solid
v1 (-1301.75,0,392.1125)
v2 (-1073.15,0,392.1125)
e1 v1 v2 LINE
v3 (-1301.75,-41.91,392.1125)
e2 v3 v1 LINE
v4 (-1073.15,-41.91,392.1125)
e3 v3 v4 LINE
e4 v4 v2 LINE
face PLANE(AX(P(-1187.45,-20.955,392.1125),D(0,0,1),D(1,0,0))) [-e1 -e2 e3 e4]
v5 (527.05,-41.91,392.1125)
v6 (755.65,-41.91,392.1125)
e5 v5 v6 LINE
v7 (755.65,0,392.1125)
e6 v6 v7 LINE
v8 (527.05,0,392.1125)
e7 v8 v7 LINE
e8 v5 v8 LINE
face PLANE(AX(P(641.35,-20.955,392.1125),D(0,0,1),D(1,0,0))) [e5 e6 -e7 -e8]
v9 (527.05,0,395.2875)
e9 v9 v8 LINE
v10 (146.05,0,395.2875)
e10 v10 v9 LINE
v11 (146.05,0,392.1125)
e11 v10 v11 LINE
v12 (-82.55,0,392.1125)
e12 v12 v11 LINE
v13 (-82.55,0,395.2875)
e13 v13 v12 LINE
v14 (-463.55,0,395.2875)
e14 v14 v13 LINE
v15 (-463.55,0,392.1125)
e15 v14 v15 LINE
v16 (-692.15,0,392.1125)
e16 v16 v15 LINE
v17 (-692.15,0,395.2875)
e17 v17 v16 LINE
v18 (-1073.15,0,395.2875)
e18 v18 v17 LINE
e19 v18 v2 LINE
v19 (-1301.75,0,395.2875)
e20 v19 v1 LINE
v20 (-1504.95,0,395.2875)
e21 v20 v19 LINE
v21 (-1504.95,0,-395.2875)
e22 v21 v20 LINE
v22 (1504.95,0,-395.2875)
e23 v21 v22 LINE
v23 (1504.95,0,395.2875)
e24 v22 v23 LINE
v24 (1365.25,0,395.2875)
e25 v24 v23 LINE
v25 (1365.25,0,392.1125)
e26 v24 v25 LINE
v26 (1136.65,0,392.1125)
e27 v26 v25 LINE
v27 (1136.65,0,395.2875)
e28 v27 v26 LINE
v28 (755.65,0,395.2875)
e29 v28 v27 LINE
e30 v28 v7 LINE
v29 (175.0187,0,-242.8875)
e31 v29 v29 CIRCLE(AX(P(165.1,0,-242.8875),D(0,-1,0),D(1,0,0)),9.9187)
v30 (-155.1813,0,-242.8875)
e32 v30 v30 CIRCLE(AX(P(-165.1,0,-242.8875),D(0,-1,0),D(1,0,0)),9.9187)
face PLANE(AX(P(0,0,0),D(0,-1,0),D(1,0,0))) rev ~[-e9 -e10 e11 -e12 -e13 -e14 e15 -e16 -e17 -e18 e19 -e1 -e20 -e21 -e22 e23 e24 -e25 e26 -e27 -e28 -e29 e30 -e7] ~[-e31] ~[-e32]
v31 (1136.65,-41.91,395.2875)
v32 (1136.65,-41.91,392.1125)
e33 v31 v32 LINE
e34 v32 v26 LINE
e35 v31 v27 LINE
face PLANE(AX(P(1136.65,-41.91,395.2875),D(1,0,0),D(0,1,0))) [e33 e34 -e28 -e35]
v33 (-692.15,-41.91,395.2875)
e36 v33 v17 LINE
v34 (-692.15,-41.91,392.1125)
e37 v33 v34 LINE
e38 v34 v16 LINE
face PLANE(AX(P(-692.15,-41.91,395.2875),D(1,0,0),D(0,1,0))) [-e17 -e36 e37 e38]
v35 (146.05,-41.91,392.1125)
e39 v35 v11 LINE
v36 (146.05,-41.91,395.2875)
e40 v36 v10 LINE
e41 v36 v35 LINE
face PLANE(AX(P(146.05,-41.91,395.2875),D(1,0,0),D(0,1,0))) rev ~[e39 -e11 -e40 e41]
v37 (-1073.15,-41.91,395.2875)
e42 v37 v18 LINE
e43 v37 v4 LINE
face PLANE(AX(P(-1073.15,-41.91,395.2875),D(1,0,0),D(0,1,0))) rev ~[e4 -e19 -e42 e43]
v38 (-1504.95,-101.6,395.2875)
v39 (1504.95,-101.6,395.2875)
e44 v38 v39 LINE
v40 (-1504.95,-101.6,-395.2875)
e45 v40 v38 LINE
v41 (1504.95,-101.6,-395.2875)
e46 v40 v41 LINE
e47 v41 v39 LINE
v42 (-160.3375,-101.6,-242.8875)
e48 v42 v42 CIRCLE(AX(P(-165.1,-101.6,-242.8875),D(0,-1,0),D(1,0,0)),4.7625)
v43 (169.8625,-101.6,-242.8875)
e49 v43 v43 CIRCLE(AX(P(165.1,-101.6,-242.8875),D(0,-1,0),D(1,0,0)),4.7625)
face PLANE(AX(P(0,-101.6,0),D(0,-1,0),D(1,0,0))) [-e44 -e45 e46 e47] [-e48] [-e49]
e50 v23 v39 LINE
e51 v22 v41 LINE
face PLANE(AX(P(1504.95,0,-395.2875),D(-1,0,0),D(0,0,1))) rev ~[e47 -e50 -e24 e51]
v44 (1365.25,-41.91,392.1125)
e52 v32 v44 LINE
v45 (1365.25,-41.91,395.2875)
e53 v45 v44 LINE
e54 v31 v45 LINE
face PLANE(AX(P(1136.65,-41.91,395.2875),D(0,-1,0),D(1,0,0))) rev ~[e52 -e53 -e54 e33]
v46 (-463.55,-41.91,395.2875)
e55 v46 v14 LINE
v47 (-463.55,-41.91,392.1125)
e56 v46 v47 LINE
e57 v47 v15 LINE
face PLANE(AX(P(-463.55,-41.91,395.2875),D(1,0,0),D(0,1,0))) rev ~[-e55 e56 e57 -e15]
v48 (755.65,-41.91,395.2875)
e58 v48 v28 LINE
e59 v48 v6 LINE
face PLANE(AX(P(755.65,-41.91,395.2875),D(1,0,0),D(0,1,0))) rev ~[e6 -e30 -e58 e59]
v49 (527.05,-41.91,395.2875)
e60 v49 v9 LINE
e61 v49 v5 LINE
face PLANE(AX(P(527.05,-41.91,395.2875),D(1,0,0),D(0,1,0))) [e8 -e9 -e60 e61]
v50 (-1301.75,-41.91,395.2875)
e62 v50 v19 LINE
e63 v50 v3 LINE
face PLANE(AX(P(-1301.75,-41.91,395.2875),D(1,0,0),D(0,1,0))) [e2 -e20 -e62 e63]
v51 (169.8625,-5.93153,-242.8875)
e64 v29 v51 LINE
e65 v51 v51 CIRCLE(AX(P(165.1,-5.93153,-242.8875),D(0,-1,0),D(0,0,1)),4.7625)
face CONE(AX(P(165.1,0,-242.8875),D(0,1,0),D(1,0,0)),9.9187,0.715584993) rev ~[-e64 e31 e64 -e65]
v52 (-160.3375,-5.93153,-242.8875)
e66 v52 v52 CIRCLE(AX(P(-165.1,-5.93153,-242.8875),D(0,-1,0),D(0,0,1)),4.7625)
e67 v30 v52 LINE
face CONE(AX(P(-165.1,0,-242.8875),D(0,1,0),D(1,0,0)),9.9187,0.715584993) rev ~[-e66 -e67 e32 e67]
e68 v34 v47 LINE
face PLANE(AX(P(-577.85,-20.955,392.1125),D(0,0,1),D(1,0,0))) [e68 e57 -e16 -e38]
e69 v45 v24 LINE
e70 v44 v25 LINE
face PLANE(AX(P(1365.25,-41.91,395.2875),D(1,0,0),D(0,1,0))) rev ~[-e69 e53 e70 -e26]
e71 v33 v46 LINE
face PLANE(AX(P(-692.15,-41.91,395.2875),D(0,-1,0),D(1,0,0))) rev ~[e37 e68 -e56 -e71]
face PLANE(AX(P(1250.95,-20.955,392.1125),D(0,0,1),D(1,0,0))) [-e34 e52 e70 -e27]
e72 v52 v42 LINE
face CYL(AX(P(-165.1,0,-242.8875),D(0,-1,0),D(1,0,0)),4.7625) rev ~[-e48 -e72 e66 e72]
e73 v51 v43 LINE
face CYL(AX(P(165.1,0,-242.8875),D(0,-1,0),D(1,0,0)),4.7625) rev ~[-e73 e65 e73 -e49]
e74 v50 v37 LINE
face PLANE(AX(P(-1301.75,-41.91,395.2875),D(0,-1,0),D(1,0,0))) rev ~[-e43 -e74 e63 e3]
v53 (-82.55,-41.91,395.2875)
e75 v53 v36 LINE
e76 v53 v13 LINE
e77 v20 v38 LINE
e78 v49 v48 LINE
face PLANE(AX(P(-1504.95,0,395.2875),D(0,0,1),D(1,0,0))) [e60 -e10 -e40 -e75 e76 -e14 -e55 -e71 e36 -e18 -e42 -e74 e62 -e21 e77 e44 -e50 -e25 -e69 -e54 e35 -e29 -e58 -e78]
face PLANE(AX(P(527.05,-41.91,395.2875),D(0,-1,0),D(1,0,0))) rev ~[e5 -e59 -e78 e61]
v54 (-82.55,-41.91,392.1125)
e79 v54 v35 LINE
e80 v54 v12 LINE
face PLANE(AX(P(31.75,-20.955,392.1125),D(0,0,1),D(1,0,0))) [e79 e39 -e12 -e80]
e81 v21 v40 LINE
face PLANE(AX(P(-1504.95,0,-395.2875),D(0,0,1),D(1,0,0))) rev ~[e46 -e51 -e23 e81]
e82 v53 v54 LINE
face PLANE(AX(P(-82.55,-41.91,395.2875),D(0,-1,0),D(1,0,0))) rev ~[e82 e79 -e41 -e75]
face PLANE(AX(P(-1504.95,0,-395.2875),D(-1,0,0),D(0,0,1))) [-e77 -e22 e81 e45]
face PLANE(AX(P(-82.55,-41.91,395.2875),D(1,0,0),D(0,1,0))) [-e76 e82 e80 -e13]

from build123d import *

# Parameters (mm, degrees)
F0_W           = 3009.9
F0_H           = 790.575
F1_DEPTH       = 101.6
F2_W           = 228.6
F2_H           = 41.91
F3_DEPTH       = 3.175
F5_D           = 9.525
F5_CSINK_D     = 19.8374
F5_CSINK_ANGLE = 82


with BuildPart() as f1:
    # F0 (on Front) → F1 (new body)
    with BuildSketch(Plane.XZ):
        Rectangle(F0_W, F0_H)
    extrude(amount=F1_DEPTH)

    # F2 (on face) → F3 (cut)
    with BuildSketch(Plane.XY.offset(395.2875)):
        with Locations((-1187.45, -20.955)):
            Rectangle(F2_W, F2_H)
        with Locations((-577.85, -20.955)):
            Rectangle(F2_W, F2_H)
        with Locations((31.75, -20.955)):
            Rectangle(F2_W, F2_H)
        with Locations((641.35, -20.955)):
            Rectangle(F2_W, F2_H)
        with Locations((1250.95, -20.955)):
            Rectangle(F2_W, F2_H)
    extrude(amount=-F3_DEPTH, mode=Mode.SUBTRACT)

    # F5 (through all)
    with Locations(Plane(origin=(0, 0, 0), x_dir=(-1, 0, 0), z_dir=(0, 1, 0))):
        with Locations((-165.1, -242.8875), (165.1, -242.8875)):
            CounterSinkHole(F5_D / 2, F5_CSINK_D / 2, counter_sink_angle=F5_CSINK_ANGLE)


solid = f1.part
